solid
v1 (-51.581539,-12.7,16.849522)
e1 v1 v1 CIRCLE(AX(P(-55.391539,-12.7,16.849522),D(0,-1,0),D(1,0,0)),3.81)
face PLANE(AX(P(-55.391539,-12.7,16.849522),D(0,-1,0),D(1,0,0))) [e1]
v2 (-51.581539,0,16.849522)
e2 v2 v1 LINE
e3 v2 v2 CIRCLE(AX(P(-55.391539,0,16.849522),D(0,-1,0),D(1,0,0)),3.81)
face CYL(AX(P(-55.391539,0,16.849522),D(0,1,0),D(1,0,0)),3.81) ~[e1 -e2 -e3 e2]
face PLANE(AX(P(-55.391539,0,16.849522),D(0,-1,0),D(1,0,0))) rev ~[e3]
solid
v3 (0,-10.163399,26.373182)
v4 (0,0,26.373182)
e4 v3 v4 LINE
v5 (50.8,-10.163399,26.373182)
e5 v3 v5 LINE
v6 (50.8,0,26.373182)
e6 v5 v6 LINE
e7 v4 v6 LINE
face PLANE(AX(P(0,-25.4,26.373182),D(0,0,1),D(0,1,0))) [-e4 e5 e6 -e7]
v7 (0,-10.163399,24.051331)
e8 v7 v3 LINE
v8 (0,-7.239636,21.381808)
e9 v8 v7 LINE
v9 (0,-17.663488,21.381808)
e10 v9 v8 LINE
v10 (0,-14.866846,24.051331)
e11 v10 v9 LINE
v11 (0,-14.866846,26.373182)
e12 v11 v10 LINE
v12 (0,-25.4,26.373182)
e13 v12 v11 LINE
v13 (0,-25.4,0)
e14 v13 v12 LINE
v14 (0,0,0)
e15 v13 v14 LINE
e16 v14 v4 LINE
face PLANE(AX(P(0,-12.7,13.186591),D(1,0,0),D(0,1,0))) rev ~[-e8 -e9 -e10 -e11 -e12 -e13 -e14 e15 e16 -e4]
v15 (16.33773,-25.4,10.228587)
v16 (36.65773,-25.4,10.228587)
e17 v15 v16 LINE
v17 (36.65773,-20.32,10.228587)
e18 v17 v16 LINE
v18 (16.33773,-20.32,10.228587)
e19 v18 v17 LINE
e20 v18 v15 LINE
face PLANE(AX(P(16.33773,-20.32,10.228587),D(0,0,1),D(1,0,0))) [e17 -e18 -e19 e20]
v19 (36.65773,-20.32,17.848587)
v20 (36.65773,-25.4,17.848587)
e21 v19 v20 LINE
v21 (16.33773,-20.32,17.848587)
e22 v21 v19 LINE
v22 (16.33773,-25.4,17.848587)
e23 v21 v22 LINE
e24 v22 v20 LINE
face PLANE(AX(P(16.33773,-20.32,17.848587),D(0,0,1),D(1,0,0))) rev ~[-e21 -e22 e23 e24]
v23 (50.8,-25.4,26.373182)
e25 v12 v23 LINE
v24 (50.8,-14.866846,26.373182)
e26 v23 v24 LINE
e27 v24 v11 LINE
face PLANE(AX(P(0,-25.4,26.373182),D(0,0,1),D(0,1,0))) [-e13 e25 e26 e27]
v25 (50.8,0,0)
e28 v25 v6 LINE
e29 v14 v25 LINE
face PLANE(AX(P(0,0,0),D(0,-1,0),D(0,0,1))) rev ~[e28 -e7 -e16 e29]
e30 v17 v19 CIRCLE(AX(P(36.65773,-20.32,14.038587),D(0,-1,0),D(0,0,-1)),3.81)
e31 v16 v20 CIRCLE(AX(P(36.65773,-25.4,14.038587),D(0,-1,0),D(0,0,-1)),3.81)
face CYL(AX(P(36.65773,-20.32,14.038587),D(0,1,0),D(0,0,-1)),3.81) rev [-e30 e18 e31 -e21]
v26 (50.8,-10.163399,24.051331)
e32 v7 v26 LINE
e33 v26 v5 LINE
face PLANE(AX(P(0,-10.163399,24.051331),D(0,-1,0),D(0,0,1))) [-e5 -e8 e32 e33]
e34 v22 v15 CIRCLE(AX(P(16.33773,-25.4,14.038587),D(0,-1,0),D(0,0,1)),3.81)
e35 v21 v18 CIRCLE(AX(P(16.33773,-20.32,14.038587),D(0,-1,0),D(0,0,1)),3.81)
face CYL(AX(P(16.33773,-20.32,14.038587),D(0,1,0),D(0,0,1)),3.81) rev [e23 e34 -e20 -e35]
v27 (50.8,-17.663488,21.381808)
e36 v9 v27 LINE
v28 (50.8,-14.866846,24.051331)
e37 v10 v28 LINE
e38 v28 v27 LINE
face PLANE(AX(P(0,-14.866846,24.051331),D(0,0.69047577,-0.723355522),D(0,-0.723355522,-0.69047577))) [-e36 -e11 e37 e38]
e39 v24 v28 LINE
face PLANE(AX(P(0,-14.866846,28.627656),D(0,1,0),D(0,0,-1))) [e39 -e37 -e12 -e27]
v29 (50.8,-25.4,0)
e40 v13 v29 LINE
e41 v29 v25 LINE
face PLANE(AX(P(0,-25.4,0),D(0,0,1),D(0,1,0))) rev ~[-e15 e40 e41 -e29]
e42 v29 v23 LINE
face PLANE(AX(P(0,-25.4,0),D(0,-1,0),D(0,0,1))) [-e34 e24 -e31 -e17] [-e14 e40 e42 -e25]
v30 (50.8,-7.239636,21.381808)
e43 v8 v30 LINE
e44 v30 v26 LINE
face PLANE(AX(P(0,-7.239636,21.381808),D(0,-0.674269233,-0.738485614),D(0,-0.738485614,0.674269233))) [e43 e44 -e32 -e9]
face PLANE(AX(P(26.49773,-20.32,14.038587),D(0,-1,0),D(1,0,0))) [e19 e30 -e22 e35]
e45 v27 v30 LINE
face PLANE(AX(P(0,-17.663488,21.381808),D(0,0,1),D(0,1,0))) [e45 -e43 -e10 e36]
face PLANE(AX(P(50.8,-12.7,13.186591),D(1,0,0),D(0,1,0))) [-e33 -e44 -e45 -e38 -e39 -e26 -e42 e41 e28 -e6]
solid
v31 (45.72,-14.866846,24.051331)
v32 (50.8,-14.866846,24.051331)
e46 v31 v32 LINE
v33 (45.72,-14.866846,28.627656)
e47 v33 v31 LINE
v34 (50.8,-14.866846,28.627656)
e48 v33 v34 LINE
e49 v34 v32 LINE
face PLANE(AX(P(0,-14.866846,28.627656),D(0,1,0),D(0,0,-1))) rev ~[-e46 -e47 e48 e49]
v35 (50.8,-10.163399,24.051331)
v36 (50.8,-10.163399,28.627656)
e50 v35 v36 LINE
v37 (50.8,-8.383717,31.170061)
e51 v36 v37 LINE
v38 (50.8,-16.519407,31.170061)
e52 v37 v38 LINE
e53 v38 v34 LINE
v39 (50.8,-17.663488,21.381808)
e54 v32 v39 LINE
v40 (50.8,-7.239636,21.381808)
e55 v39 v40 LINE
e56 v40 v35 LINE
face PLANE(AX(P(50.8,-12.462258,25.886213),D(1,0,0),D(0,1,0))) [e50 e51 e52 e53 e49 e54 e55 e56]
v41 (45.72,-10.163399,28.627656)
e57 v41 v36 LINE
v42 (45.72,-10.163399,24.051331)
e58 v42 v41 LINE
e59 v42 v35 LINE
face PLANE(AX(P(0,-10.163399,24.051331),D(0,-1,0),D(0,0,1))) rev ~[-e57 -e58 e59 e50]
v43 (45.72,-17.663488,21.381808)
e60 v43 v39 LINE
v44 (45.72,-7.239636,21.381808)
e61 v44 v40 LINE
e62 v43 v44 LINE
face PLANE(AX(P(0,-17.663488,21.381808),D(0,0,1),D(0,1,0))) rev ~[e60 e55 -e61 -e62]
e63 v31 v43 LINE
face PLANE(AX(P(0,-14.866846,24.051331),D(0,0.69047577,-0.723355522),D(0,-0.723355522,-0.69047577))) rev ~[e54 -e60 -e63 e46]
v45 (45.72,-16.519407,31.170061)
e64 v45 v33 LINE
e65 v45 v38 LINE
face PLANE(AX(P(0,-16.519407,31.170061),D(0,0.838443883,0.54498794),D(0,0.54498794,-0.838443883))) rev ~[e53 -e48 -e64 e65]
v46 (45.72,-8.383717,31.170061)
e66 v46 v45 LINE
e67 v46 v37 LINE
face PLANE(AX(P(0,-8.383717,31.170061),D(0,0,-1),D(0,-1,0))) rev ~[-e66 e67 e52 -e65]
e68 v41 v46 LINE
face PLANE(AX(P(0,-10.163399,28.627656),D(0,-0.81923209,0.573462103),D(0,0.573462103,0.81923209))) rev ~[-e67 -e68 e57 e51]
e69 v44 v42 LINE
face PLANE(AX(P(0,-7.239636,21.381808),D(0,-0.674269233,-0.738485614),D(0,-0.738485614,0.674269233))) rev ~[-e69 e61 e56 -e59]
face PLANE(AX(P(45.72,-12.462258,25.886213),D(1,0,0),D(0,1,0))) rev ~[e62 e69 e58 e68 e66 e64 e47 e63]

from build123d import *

# Parameters (mm, degrees)
F0_W     = 25.4
F0_H     = 26.373182479
F1_DEPTH = 50.8
F3_DEPTH = 50.8
F5_DEPTH = 45.72
F6_R     = 3.81
F7_DEPTH = 12.7
F8_W     = 20.32
F8_H     = 7.62
F9_DEPTH = 5.08


with BuildPart() as f1:
    # F0 (on Right) → F1 (new body)
    with BuildSketch(Plane.YZ):
        with Locations((-12.7, 13.1865912395)):
            Rectangle(F0_W, F0_H)
    extrude(amount=F1_DEPTH)


with BuildPart() as f3:
    # F2 (on Right) → F3 (new body)
    with BuildSketch(Plane.YZ):
        Polygon((-10.1633993909, 28.6276564002), (-8.3837173879, 31.1700608581), (-16.5194068104, 31.1700608581), (-14.8668456823, 28.6276564002), (-14.8668456823, 24.0513309836), (-17.6634881645, 21.3818084449), (-7.2396355681, 21.3818084449), (-10.1633993909, 24.0513309836), align=None)
    extrude(amount=F3_DEPTH)


with BuildPart() as f1_1:
    add(f1.part)

    # F4: cut F3
    add(f3.part, mode=Mode.SUBTRACT)


with BuildPart() as f3_1:
    add(f3.part)

    # F5 (cut): a face of the model
    f5_faces = [f3_1.faces().sort_by_distance(p)[0] for p in [
        (0, -12.4929387218, 26.0533462896),
    ]]
    extrude(f5_faces, amount=-F5_DEPTH, mode=Mode.SUBTRACT)


with BuildPart() as f7:
    # F6 (on Front) → F7 (new body)
    with BuildSketch(Plane.XZ):
        with Locations((-55.3915388882, 16.8495215476)):
            Circle(F6_R)
    extrude(amount=F7_DEPTH)


with BuildPart() as f9:
    # F8 (on Front) → F9 (new body)
    with BuildSketch(Plane.XZ):
        with Locations((-46.6563001151, 5.2465574117)):
            Rectangle(F8_W, F8_H)
        with BuildLine():
            ThreePointArc((-36.4963001151, 1.4365574117), (-32.6863001151, 5.2465574117), (-36.4963001151, 9.0565574117))
            Line((-36.4963001151, 9.0565574117), (-36.4963001151, 1.4365574117))
        make_face()
        with BuildLine():
            Line((-56.8163001151, 1.4365574117), (-56.8163001151, 9.0565574117))
            ThreePointArc((-56.8163001151, 9.0565574117), (-60.6263001151, 5.2465574117), (-56.8163001151, 1.4365574117))
        make_face()
    extrude(amount=F9_DEPTH)


with BuildPart() as f9_1:
    # F10: moved
    add(f9.part.moved(Location((73.15403, -20.32, 8.79203))))


with BuildPart() as f1_2:
    add(f1_1.part)

    # F11: cut F9
    add(f9_1.part, mode=Mode.SUBTRACT)


solid = Compound([f3_1.part, f7.part, f1_2.part])
